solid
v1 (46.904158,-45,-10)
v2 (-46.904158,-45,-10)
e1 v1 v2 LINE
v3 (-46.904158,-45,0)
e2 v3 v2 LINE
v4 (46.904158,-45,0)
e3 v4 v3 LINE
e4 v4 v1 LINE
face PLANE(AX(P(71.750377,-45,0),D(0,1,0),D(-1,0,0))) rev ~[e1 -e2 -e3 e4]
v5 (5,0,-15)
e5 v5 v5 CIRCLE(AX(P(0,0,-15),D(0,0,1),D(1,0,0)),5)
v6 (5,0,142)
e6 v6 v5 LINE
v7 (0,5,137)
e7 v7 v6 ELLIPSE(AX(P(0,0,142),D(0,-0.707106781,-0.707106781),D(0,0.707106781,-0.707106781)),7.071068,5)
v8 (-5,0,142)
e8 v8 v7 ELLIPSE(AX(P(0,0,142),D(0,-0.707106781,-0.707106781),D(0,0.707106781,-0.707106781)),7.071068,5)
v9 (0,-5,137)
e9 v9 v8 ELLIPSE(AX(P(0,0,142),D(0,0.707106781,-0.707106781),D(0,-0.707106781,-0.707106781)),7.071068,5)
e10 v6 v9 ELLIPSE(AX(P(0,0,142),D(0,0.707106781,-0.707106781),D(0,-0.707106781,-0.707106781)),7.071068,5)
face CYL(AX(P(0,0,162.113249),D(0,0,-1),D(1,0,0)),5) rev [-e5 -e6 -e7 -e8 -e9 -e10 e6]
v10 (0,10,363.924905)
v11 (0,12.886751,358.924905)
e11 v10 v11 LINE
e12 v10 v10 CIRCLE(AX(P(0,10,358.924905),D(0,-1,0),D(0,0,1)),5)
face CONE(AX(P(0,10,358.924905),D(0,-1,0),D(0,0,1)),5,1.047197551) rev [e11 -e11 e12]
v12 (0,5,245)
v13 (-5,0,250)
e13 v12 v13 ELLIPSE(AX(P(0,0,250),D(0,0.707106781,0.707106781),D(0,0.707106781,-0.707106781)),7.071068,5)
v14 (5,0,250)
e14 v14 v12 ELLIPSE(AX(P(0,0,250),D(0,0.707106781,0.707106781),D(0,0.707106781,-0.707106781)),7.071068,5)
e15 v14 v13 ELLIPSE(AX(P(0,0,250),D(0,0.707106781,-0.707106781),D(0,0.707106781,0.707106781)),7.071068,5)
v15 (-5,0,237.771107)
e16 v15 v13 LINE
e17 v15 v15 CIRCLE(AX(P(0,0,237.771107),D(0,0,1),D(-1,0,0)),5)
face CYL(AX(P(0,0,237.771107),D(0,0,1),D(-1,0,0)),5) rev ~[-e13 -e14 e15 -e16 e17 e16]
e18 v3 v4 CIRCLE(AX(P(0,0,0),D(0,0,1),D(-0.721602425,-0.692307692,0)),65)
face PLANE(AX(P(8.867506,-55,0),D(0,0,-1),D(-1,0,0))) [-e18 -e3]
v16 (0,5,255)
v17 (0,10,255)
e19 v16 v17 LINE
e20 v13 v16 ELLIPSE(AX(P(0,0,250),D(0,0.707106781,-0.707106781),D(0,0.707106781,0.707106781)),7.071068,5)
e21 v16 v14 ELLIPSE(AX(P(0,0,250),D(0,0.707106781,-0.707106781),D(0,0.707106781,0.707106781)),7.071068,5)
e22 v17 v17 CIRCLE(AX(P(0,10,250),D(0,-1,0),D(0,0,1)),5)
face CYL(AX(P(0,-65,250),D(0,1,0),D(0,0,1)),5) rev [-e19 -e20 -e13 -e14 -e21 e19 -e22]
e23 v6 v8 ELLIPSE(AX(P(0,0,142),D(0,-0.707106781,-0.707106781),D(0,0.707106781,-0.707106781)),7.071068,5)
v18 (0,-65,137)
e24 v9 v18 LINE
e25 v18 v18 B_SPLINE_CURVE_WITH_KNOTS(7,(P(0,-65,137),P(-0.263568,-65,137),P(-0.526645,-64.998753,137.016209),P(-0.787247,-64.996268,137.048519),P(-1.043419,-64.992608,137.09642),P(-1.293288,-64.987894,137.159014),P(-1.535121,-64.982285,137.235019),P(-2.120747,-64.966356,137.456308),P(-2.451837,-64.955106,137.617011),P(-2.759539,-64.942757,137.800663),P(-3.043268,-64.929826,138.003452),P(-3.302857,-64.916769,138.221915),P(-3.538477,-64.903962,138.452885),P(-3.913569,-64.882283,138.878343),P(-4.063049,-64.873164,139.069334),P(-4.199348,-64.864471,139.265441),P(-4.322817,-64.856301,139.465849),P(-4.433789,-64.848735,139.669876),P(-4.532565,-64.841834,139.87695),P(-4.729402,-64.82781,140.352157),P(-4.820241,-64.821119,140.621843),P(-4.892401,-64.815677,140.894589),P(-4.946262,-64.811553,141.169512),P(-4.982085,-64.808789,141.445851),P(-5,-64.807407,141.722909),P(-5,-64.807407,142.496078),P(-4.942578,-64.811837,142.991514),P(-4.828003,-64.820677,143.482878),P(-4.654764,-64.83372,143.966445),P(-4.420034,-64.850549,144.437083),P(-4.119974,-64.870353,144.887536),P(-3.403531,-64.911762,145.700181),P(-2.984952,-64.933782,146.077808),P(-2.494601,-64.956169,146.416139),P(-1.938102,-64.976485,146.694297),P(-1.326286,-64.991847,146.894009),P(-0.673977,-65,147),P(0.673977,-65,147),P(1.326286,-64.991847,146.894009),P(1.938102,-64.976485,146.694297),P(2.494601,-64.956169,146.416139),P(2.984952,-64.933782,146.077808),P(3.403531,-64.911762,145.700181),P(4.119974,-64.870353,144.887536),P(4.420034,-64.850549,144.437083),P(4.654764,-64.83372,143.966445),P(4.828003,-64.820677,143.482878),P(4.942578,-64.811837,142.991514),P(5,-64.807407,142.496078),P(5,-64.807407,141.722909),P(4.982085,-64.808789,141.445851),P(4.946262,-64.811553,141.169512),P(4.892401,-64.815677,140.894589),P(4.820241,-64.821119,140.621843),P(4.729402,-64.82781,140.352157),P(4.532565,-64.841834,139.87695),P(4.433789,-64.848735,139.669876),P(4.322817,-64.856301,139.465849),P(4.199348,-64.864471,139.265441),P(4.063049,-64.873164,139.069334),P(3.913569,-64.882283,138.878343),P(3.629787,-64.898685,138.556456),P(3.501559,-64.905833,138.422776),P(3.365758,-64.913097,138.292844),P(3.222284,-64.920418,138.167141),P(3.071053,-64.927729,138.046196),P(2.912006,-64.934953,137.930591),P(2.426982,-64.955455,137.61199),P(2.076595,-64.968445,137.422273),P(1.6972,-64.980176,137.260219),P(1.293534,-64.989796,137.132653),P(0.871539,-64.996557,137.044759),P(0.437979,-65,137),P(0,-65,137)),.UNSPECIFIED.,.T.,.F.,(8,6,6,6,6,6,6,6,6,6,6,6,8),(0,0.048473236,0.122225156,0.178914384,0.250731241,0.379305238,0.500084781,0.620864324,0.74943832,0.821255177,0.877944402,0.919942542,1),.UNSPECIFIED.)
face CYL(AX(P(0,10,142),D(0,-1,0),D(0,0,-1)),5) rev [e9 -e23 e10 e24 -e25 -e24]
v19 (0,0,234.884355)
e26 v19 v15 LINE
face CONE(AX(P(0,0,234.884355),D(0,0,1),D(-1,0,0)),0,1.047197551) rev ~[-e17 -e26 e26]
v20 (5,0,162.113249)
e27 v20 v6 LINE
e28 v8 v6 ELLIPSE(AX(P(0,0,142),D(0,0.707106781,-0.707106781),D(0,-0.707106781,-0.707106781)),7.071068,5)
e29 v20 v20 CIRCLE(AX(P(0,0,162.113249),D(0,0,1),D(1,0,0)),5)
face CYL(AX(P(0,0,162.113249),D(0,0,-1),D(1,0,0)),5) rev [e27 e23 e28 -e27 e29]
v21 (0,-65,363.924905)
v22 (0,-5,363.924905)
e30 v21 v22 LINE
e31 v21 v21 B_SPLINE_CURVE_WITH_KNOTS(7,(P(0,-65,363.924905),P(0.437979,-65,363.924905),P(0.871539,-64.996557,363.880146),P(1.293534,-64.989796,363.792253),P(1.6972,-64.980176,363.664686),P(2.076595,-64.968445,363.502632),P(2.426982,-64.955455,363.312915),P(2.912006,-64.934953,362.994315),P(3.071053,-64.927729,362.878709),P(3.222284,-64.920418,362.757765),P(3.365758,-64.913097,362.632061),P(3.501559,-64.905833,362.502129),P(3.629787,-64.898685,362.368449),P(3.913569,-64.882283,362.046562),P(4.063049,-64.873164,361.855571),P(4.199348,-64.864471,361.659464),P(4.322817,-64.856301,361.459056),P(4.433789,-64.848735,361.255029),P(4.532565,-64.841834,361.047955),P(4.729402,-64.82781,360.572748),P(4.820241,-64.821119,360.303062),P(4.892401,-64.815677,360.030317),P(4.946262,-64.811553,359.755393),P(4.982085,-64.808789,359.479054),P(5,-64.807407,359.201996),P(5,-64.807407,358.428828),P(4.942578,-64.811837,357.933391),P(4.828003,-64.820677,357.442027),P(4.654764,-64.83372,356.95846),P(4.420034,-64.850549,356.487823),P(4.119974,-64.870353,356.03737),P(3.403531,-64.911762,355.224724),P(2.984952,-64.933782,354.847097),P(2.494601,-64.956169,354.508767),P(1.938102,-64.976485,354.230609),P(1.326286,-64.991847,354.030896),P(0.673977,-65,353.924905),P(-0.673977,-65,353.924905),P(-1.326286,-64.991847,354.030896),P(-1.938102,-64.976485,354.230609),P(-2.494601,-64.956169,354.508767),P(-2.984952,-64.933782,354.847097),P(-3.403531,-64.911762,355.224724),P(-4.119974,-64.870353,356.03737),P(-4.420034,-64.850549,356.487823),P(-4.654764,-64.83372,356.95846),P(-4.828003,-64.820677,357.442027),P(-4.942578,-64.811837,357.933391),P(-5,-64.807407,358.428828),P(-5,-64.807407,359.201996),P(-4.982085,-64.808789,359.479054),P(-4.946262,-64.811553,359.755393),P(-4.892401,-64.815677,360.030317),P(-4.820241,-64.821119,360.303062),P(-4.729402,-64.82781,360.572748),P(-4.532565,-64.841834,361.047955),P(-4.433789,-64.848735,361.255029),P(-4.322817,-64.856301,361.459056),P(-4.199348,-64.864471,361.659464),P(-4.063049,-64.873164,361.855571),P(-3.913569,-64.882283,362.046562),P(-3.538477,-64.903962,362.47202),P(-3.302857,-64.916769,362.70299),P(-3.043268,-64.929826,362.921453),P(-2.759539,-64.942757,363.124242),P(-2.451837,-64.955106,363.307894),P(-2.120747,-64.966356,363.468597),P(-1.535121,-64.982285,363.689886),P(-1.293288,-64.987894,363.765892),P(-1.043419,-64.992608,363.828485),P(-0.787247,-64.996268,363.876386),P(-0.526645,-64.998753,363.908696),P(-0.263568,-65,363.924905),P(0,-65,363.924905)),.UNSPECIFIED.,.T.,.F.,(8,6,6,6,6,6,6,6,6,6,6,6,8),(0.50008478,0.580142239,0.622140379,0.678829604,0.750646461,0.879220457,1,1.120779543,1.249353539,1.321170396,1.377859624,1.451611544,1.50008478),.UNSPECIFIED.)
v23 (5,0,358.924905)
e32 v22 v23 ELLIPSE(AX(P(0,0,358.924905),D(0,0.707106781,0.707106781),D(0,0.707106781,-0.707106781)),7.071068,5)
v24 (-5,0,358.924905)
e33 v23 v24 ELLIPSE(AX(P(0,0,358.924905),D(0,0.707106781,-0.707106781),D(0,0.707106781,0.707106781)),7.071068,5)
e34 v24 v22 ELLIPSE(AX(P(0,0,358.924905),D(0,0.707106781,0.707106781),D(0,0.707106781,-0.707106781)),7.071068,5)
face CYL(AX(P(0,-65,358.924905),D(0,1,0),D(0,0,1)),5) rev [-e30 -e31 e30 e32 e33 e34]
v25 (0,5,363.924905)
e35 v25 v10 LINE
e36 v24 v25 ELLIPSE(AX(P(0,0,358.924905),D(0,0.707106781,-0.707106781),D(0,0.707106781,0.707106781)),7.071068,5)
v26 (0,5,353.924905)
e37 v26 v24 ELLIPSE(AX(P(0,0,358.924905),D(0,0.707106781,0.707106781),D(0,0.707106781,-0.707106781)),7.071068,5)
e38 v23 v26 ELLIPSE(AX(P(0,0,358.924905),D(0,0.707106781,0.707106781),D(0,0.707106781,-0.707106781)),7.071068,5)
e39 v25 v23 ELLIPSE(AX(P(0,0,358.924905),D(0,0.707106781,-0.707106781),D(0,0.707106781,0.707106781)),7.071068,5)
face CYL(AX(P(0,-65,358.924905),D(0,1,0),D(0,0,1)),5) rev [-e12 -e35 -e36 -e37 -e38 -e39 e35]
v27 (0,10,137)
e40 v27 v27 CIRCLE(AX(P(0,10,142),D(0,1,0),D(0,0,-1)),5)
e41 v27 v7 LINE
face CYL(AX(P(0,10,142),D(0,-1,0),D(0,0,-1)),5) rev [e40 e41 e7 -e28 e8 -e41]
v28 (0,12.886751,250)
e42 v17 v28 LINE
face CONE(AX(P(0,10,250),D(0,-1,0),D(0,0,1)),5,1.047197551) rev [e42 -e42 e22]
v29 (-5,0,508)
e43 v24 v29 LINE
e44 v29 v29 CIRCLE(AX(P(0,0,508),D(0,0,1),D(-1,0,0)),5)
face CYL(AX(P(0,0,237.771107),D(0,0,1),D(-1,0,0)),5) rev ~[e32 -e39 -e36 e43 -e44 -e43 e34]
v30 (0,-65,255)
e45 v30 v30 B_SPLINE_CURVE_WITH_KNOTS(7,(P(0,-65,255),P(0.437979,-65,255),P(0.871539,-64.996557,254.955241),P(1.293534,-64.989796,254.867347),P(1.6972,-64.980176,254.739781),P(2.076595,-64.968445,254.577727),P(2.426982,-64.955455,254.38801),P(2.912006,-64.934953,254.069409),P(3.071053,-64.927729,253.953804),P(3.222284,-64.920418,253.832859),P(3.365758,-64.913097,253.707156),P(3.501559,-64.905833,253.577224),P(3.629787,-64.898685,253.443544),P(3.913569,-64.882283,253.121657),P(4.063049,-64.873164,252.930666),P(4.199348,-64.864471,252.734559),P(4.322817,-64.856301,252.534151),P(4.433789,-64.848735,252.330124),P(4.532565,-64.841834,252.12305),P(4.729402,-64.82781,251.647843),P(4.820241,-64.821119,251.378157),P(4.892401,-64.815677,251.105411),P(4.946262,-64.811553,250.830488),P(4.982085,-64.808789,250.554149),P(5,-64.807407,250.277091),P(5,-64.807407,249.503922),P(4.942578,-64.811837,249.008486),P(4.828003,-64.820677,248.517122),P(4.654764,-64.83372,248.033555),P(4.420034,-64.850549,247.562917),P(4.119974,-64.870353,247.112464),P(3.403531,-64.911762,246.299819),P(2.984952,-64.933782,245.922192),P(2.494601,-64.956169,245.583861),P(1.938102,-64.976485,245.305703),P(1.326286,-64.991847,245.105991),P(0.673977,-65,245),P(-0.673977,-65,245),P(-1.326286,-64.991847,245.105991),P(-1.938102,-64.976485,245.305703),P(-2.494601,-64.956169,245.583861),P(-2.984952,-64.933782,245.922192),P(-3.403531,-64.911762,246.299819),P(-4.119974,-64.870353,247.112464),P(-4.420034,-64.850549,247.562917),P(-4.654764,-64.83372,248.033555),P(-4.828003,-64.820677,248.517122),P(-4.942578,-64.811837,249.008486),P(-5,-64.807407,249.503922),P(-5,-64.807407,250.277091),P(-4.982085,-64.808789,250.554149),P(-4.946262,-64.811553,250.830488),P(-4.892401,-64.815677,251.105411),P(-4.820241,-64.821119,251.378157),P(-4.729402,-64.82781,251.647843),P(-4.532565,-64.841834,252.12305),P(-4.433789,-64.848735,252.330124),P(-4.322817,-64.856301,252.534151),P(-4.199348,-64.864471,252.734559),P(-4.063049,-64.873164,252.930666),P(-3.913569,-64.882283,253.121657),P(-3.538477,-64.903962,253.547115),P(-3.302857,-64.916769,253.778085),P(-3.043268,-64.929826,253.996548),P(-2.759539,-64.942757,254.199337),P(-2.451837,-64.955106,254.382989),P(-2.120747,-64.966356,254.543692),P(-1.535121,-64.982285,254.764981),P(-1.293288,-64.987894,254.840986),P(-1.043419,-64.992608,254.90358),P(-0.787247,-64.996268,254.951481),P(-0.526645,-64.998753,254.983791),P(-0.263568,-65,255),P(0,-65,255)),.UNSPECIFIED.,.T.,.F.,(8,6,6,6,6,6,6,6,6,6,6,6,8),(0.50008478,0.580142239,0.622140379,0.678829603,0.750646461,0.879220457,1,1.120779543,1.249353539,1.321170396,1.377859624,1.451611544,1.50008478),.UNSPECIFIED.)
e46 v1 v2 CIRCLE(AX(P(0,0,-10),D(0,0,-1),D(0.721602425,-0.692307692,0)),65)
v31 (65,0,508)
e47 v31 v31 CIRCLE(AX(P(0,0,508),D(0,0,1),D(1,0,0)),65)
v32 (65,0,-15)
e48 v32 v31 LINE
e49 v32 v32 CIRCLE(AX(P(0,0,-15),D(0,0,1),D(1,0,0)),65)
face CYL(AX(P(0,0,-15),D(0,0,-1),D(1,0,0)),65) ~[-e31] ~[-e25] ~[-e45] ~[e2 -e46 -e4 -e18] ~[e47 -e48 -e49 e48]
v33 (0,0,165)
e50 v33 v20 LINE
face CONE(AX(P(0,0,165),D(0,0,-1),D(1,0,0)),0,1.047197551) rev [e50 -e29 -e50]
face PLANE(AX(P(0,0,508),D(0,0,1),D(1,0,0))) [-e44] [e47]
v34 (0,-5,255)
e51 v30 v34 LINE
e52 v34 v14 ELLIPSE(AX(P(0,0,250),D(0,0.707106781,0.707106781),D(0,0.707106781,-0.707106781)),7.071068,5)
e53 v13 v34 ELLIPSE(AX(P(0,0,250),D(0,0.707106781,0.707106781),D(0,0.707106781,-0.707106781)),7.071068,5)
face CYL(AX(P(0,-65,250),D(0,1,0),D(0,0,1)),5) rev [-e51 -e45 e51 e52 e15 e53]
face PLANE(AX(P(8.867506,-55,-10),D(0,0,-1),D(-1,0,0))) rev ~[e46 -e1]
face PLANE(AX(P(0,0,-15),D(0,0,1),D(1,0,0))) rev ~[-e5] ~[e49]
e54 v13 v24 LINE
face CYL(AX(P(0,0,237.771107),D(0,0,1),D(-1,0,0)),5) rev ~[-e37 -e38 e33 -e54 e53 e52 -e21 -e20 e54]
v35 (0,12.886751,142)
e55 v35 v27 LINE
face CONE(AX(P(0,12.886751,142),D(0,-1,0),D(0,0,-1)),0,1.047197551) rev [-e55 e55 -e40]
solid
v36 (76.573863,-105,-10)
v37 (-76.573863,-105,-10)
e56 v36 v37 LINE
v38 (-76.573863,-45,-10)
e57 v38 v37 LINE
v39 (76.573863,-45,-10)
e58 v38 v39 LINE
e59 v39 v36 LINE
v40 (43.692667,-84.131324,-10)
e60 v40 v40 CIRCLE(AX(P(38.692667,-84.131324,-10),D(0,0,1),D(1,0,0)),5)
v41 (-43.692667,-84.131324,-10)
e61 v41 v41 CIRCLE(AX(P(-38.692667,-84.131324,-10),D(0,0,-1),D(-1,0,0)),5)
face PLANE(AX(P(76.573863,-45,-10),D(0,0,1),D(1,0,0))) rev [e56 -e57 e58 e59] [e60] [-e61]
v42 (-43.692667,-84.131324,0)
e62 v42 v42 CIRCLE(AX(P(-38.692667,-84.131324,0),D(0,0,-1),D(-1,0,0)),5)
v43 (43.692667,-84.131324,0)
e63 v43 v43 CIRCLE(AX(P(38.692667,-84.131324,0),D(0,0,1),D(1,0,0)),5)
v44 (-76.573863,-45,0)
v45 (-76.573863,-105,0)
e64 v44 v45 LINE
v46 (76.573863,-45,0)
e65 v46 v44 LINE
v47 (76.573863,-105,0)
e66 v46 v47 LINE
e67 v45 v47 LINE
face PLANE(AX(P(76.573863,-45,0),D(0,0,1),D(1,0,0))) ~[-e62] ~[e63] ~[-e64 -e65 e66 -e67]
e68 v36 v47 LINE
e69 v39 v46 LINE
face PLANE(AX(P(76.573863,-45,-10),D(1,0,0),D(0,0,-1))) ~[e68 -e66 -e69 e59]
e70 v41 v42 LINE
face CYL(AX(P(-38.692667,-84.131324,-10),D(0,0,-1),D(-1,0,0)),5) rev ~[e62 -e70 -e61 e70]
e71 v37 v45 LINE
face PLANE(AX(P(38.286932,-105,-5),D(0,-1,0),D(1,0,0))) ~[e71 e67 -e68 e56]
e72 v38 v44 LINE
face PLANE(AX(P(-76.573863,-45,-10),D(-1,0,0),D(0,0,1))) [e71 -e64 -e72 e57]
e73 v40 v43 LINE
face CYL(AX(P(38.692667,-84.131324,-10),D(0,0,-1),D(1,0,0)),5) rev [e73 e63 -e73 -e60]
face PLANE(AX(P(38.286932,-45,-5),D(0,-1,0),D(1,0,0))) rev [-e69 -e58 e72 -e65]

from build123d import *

# Parameters (mm, degrees)
EXTRUDEASSE_DEPTH      = 508
EXTRUDEASSE_DEPTH_BACK = 15
SKETCH1_R              = 65
SKETCH6_W              = 125.765742684
SKETCH6_H              = 20
CUT_EXTRUDE1_DEPTH     = 10
SKETCH7_W              = 76.573863029
SKETCH7_H              = 10
EXTRPIASTRINA_DEPTH    = 60
SKETCH8_R              = 5
FORO_DEPTH             = 10


with BuildPart() as part:
    # Sketch1 → ExtrudeAsse (new, two sides: drawn at the far end of the back side and taken through both)
    with BuildSketch(Plane.XY.offset(-EXTRUDEASSE_DEPTH_BACK)):
        Circle(SKETCH1_R)
    extrude(amount=EXTRUDEASSE_DEPTH + EXTRUDEASSE_DEPTH_BACK)

    # Sketch3 → Cut-Revolve1 (revolve, cut)
    with BuildSketch(Plane(origin=(0, 0, 0), x_dir=(0, 0, -1), z_dir=(1, 0, 0)), mode=Mode.PRIVATE) as cut_revolve1_sk:
        Polygon((-353.924905144, -65), (-353.924905144, 10), (-358.924905144, 12.886751346), (-358.924905144, 10), (-358.924905144, -65), align=None)
    revolve(cut_revolve1_sk.sketch.rotate(Axis((0, 12.886751346, 358.924905144), (0, -1, 0)), 180), axis=Axis((0, 12.886751346, 358.924905144), (0, -1, 0)), mode=Mode.SUBTRACT)

    # Sketch3<3> → Cut-Revolve2 (revolve, cut)
    with BuildSketch(Plane(origin=(0, 0, 0), x_dir=(0, 0, -1), z_dir=(1, 0, 0)), mode=Mode.PRIVATE) as cut_revolve2_sk:
        Polygon((-250, -65), (-245, -65), (-245, 10), (-250, 12.886751346), (-250, 0), align=None)
    revolve(cut_revolve2_sk.sketch.rotate(Axis((0, 0, 250), (0, -1, 0)), 180), axis=Axis((0, 0, 250), (0, -1, 0)), mode=Mode.SUBTRACT)

    # Sketch4 → Cut-Revolve5 (revolve, cut)
    with BuildSketch(Plane(origin=(0, 0, 0), x_dir=(0, 0, -1), z_dir=(1, 0, 0)), mode=Mode.PRIVATE) as cut_revolve5_sk:
        Polygon((-508, 0), (-237.77110668, 0), (-234.884355334, 0), (-237.77110668, -5), (-508, -5), align=None)
    revolve(cut_revolve5_sk.sketch.rotate(Axis((0, 0, 0), (0, 0, 1)), 270), axis=Axis((0, 0, 0), (0, 0, 1)), mode=Mode.SUBTRACT)

    # Sketch5 → Cut-Revolve6 (revolve, cut)
    with BuildSketch(Plane(origin=(0, 0, 0), x_dir=(0, 0, -1), z_dir=(1, 0, 0)), mode=Mode.PRIVATE) as cut_revolve6_sk:
        Polygon((15, -5), (15, 0), (-162.113248654, 0), (-165, 0), (-162.113248654, -5), align=None)
    revolve(cut_revolve6_sk.sketch.rotate(Axis((0, 0, 0), (0, 0, 1)), 90), axis=Axis((0, 0, 0), (0, 0, 1)), mode=Mode.SUBTRACT)

    # Sketch3<5> → Cut-Revolve7 (revolve, cut)
    with BuildSketch(Plane(origin=(0, 0, 0), x_dir=(0, 0, -1), z_dir=(1, 0, 0))):
        Polygon((-142, 10), (-142, 12.886751346), (-137, 10), (-137, -65), (-142, -65), align=None)
    revolve(axis=Axis((0, -65, 142), (0, 1, 0)), mode=Mode.SUBTRACT)

    # Sketch6 → Cut-Extrude1 (cut)
    with BuildSketch(Plane(origin=(0, 0, 0), x_dir=(-1, 0, 0), z_dir=(0, 0, -1))):
        with Locations((-8.867505506, -55)):
            Rectangle(SKETCH6_W, SKETCH6_H)
    extrude(amount=CUT_EXTRUDE1_DEPTH, mode=Mode.SUBTRACT)


with BuildPart() as body_2:
    # Sketch7 → ExtrPiastrina (new body)
    with BuildSketch(Plane.XZ.offset(45)):
        with Locations((-38.286931515, -5)):
            Rectangle(SKETCH7_W, SKETCH7_H)
    extrude(amount=EXTRPIASTRINA_DEPTH)

    # Sketch8 → Foro (cut)
    with BuildSketch(Plane(origin=(0, 0, -10), x_dir=(-1, 0, 0), z_dir=(0, 0, -1))):
        with Locations((38.692667282, -84.131323576)):
            Circle(SKETCH8_R)
    extrude(amount=-FORO_DEPTH, mode=Mode.SUBTRACT)

    # Mirror1: body 2 across plane


with BuildPart() as body_2_1:
    add(body_2.part)
    add(body_2.part.mirror(Plane(origin=(0, -105, -10), x_dir=(0, 0, 1), z_dir=(-1, 0, 0))))


solid = Compound([part.part, body_2_1.part])
